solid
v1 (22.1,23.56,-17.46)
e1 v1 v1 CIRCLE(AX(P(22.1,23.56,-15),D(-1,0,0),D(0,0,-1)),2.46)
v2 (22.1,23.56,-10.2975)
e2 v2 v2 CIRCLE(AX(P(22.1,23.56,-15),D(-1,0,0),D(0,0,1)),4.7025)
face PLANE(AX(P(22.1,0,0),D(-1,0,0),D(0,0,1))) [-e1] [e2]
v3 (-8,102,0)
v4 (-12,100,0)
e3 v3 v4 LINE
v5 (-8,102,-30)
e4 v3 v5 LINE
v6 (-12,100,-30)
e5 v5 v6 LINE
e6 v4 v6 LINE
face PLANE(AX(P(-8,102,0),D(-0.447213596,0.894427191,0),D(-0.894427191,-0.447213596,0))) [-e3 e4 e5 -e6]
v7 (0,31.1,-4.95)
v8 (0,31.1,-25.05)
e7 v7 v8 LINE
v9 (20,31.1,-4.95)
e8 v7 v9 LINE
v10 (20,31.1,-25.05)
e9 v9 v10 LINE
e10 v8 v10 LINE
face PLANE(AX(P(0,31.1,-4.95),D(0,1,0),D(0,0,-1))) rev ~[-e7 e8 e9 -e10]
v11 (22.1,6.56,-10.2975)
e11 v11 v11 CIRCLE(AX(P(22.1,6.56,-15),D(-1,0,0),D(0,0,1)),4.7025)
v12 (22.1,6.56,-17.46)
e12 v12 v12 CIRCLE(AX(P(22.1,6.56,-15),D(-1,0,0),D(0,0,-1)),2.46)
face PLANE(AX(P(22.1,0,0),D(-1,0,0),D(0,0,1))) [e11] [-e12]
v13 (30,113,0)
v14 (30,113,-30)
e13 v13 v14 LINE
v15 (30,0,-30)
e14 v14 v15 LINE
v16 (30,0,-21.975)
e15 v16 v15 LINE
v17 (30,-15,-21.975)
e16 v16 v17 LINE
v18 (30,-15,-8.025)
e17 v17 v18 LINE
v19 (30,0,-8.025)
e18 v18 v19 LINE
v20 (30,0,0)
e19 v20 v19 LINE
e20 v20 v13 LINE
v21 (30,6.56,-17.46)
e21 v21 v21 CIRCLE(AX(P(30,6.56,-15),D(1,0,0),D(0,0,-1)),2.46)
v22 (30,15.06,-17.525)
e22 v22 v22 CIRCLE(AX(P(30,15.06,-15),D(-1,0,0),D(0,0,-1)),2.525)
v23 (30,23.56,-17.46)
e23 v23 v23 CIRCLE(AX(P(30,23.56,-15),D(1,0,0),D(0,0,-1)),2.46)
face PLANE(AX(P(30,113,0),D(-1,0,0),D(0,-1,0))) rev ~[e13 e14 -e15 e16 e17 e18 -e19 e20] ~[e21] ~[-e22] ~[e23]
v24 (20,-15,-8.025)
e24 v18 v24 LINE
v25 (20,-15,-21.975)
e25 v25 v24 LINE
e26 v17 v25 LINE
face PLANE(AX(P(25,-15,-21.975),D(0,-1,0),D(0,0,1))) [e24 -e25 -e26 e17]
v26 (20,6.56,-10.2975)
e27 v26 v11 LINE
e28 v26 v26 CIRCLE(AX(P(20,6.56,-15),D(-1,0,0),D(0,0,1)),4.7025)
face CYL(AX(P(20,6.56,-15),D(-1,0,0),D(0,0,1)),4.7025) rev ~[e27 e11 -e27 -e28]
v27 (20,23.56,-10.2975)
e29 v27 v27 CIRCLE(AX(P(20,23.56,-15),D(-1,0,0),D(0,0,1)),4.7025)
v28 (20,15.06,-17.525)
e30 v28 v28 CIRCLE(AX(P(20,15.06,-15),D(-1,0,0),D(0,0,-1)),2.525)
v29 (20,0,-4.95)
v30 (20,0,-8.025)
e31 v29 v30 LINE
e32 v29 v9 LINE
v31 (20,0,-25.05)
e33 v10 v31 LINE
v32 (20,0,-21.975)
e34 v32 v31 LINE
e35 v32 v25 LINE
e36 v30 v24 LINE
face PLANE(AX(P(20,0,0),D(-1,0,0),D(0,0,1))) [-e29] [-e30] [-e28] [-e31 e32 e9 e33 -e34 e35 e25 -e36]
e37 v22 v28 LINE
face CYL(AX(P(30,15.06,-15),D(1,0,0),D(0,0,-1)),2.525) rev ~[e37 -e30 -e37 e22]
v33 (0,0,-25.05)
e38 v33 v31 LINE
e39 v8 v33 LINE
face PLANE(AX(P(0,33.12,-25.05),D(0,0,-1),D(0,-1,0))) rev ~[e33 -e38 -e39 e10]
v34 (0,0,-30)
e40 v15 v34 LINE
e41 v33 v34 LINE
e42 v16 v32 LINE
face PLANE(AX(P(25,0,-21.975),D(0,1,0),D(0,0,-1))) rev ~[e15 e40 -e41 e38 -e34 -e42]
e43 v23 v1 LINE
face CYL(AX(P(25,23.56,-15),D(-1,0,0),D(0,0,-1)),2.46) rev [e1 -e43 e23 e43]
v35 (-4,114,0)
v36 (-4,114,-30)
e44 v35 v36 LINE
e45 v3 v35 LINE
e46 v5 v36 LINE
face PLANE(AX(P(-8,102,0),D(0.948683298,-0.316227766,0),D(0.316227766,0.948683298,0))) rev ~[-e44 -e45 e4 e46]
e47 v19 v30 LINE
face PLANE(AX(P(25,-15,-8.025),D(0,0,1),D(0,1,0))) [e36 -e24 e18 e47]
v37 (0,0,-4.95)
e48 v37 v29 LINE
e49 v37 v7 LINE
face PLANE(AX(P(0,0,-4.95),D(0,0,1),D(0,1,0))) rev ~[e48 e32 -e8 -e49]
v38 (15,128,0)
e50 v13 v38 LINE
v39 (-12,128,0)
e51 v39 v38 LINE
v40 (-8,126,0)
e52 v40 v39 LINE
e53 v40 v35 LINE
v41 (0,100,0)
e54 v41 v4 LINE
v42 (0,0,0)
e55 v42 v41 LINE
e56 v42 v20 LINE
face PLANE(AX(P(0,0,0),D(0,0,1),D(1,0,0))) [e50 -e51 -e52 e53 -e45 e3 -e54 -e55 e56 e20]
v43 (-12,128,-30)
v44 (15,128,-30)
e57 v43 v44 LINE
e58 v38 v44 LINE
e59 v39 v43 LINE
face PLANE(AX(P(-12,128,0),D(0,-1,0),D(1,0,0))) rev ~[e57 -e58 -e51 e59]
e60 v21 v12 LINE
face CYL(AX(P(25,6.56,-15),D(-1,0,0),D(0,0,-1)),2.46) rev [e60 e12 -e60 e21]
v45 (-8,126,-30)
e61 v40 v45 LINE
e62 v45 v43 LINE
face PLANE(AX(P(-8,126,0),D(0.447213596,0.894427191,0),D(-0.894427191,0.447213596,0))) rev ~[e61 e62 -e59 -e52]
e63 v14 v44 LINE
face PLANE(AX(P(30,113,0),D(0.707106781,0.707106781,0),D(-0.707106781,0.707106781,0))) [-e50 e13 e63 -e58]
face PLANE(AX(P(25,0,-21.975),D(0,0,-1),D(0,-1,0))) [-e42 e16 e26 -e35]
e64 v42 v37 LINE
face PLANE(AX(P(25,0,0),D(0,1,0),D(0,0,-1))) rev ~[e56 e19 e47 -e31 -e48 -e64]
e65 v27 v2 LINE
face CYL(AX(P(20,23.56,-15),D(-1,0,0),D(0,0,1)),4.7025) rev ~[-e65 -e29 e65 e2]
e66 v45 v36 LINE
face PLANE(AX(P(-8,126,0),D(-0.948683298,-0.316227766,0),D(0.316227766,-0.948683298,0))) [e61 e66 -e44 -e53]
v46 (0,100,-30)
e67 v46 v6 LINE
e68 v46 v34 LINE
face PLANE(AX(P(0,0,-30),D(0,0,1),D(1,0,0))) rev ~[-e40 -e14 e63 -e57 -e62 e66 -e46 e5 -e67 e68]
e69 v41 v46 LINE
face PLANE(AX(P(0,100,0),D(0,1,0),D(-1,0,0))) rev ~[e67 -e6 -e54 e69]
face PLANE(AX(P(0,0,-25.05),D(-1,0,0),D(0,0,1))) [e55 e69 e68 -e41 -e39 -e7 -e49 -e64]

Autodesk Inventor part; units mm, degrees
ref_plane "YZ Plane" through (0, 0, 0) normal (1, 0, 0) x (0, 1, 0)
ref_plane "XZ Plane" through (0, 0, 0) normal (0, 1, 0) x (-1, 0, 0)
ref_plane "XY Plane" through (0, 0, 0) normal (0, 0, 1) x (1, 0, 0)
sketch "Sketch1" plane through (0, 0, 0) normal (0, 0, 1) x (1, 0, 0)
  line L0 (0, 0) -> (25, 0)
  line L1 (25, 0) -> (25, 40)
  line L2 (25, 40) -> (0, 40)
  line L3 (0, 40) -> (0, 0)
  dimension "d1" = 25
  dimension "d2" = 40
  dimension "d3" = 25
extrude "Extrusion1" add sketch "Sketch1" against normal blind 30
sketch "Sketch2" plane through (25, 0, 0) normal (1, 0, 0) x (0, 0, -1)
  line L0 (0, 0) -> (30, 0) projected
  circle A0 centre (15, 6.56) radius 2.46
extrude "Extrusion2" cut sketch "Sketch2" against normal blind 30
sketch "Sketch3" plane through (0, 0, 0) normal (-1, 0, 0) x (0, 0, 1)
  line L0 (0, 0) -> (-30, 0) projected
  line L1 (-25.05, 0) -> (-4.95, 0)
  line L2 (-4.95, 0) -> (-4.95, 33.12)
  line L3 (-4.95, 33.12) -> (-25.05, 33.12)
  line L4 (-25.05, 33.12) -> (-25.05, 0)
  dimension "d11" = 20.1
extrude "Extrusion3" cut sketch "Sketch3" against normal blind 20
sketch "Sketch4" plane through (0, 0, 0) normal (0, -1, 0) x (1, 0, 0)
  line L0 (20, -4.95) -> (20, -25.05) projected
  line L1 (20, -15) -> (25, -15)
  line L2 (25, 0) -> (25, -30) projected
  line L3 (20, -8.025) -> (25, -8.025)
  line L4 (25, -8.025) -> (25, -21.975)
  line L5 (25, -21.975) -> (20, -21.975)
  line L6 (20, -21.975) -> (20, -8.025)
  line L7 (20, -8.025) -> (25, -21.975) construction
  line L8 (25, -8.025) -> (20, -21.975) construction
  line L9 (25, -12.54) -> (25, -17.46) projected
  point P0 (0, 0)
  point P1 (22.5, -15)
  dimension "d14" = 13.95
extrude "Extrusion4" add sketch "Sketch4" along normal blind 15
sketch "Sketch5" plane through (20, 0, 0) normal (-1, 0, 0) x (0, 0, 1)
  circle A0 centre (-15, 6.56) radius 2.46 projected
  circle A1 centre (-15, 6.56) radius 4.7025
  circle A2 centre (-15, 6.56) radius 2.46 projected
  circle A3 centre (-15, 6.56) radius 2.46
  point P0 (0, 0)
  dimension "d17" = 9.405
extrude "Extrusion5" cut sketch "Sketch5" against normal blind 2.1
sketch "Sketch6" plane through (25, 0, 0) normal (1, 0, 0) x (0, 0, -1)
  circle A0 centre (15, 6.56) radius 4.7025 projected
  line L0 (15, 6.56) -> (15, 23.56)
  circle A1 centre (15, 23.56) radius 2.46
  point P0 (0, 0)
  dimension "d20" = 17
  dimension "d21" = 4.92
extrude "Extrusion6" cut sketch "Sketch6" against normal blind 10 contours A1
sketch "Sketch7" plane through (20, 0, 0) normal (-1, 0, 0) x (0, 0, 1)
  circle A0 centre (-15, 23.56) radius 2.46 projected
  circle A1 centre (-15, 23.56) radius 4.7025
  point P0 (0, 0)
  dimension "d24" = 9.405
extrude "Extrusion7" cut sketch "Sketch7" against normal blind 2.1
sketch "Sketch9" plane through (25, 0, 0) normal (1, 0, 0) x (0, 0, -1)
  circle A0 centre (15, 6.56) radius 2.46 projected
  circle A1 centre (15, 6.56) radius 2.46
  circle A2 centre (15, 23.56) radius 2.46 projected
  circle A3 centre (15, 23.56) radius 2.46
  line L0 (30, 40) -> (30, 0) projected
  line L1 (30, 0) -> (30, 40)
  line L2 (30, 40) -> (0, 40)
  line L3 (0, 40) -> (0, 0)
  line L4 (0, 0) -> (8.025, 0) projected
  line L5 (21.975, 0) -> (21.975, -15)
  line L6 (21.975, -15) -> (8.025, -15)
  line L7 (8.025, -15) -> (8.025, 0)
  line L8 (0, 0) -> (8.025, 0)
  line L9 (21.975, 0) -> (30, 0)
extrude "Extrusion8" add sketch "Sketch9" along normal blind 5
sketch "Sketch10" plane through (0, 40, 0) normal (0, 1, 0) x (1, 0, 0)
  line L0 (0, 30) -> (30, 30) projected
  line L1 (30, 0) -> (0, 0) projected
  line L2 (0, 30) -> (30, 30)
  line L3 (30, 30) -> (30, 0)
  line L4 (30, 0) -> (0, 0)
  line L5 (0, 0) -> (0, 30)
extrude "Extrusion9" add sketch "Sketch10" along normal blind 30
sketch "Sketch12" plane through (30, 0, 0) normal (1, 0, 0) x (0, 0, -1)
  circle A0 centre (15, 6.56) radius 2.46 projected
  line L0 (15, 6.56) -> (15, 15.06)
  circle A1 centre (15, 15.06) radius 2.525
  point P0 (0, 0)
  dimension "d31" = 8.5
  dimension "d33" = 5.05
extrude "Extrusion10" cut sketch "Sketch12" against normal blind 30 contours A1
sketch "Sketch14" plane through (0, 0, 0) normal (0, 0, 1) x (1, 0, 0)
  line L0 (30, 70) -> (0, 70) projected
  line L1 (0, 70) -> (0, 85)
  line L2 (30, 0) -> (30, 70) projected
  line L3 (30, 113) -> (30, 70)
  line L4 (30, 105) -> (30, 100)
  line L5 (-12, 128) -> (15, 128)
  line L6 (-8, 126) -> (-12, 128)
  line L7 (-8, 126) -> (-4, 114)
  line L8 (-8, 102) -> (-12, 100)
  line L9 (-8, 102) -> (-4, 114)
  line L10 (30, 113) -> (15, 128)
  line L11 (0, 100) -> (-12, 100)
  line L12 (0, 100) -> (0, 85)
  point P0 (0, 0)
  dimension "d69" = 28
  dimension "d74" = 12
extrude "Extrusion12" add sketch "Sketch14" against normal blind 30
sketch "Sketch15" plane through (0, 0, -25.05) normal (-1, 0, 0) x (0, 0, 1)
  line L0 (0, 33.12) -> (20.1, 33.12) projected
  line L1 (20.1, 33.12) -> (20.1, 0) projected
  line L2 (0, 33.12) -> (20.1, 33.12)
  line L3 (20.1, 33.12) -> (20.1, 31.1)
  line L4 (20.1, 31.1) -> (0, 31.1)
  line L5 (0, 31.1) -> (0, 33.12)
  point P0 (25.05, 0)
  dimension "d57" = 2.02
extrude "Extrusion13" add sketch "Sketch15" against normal blind 20
properties part number "24mm_x_30mm"
